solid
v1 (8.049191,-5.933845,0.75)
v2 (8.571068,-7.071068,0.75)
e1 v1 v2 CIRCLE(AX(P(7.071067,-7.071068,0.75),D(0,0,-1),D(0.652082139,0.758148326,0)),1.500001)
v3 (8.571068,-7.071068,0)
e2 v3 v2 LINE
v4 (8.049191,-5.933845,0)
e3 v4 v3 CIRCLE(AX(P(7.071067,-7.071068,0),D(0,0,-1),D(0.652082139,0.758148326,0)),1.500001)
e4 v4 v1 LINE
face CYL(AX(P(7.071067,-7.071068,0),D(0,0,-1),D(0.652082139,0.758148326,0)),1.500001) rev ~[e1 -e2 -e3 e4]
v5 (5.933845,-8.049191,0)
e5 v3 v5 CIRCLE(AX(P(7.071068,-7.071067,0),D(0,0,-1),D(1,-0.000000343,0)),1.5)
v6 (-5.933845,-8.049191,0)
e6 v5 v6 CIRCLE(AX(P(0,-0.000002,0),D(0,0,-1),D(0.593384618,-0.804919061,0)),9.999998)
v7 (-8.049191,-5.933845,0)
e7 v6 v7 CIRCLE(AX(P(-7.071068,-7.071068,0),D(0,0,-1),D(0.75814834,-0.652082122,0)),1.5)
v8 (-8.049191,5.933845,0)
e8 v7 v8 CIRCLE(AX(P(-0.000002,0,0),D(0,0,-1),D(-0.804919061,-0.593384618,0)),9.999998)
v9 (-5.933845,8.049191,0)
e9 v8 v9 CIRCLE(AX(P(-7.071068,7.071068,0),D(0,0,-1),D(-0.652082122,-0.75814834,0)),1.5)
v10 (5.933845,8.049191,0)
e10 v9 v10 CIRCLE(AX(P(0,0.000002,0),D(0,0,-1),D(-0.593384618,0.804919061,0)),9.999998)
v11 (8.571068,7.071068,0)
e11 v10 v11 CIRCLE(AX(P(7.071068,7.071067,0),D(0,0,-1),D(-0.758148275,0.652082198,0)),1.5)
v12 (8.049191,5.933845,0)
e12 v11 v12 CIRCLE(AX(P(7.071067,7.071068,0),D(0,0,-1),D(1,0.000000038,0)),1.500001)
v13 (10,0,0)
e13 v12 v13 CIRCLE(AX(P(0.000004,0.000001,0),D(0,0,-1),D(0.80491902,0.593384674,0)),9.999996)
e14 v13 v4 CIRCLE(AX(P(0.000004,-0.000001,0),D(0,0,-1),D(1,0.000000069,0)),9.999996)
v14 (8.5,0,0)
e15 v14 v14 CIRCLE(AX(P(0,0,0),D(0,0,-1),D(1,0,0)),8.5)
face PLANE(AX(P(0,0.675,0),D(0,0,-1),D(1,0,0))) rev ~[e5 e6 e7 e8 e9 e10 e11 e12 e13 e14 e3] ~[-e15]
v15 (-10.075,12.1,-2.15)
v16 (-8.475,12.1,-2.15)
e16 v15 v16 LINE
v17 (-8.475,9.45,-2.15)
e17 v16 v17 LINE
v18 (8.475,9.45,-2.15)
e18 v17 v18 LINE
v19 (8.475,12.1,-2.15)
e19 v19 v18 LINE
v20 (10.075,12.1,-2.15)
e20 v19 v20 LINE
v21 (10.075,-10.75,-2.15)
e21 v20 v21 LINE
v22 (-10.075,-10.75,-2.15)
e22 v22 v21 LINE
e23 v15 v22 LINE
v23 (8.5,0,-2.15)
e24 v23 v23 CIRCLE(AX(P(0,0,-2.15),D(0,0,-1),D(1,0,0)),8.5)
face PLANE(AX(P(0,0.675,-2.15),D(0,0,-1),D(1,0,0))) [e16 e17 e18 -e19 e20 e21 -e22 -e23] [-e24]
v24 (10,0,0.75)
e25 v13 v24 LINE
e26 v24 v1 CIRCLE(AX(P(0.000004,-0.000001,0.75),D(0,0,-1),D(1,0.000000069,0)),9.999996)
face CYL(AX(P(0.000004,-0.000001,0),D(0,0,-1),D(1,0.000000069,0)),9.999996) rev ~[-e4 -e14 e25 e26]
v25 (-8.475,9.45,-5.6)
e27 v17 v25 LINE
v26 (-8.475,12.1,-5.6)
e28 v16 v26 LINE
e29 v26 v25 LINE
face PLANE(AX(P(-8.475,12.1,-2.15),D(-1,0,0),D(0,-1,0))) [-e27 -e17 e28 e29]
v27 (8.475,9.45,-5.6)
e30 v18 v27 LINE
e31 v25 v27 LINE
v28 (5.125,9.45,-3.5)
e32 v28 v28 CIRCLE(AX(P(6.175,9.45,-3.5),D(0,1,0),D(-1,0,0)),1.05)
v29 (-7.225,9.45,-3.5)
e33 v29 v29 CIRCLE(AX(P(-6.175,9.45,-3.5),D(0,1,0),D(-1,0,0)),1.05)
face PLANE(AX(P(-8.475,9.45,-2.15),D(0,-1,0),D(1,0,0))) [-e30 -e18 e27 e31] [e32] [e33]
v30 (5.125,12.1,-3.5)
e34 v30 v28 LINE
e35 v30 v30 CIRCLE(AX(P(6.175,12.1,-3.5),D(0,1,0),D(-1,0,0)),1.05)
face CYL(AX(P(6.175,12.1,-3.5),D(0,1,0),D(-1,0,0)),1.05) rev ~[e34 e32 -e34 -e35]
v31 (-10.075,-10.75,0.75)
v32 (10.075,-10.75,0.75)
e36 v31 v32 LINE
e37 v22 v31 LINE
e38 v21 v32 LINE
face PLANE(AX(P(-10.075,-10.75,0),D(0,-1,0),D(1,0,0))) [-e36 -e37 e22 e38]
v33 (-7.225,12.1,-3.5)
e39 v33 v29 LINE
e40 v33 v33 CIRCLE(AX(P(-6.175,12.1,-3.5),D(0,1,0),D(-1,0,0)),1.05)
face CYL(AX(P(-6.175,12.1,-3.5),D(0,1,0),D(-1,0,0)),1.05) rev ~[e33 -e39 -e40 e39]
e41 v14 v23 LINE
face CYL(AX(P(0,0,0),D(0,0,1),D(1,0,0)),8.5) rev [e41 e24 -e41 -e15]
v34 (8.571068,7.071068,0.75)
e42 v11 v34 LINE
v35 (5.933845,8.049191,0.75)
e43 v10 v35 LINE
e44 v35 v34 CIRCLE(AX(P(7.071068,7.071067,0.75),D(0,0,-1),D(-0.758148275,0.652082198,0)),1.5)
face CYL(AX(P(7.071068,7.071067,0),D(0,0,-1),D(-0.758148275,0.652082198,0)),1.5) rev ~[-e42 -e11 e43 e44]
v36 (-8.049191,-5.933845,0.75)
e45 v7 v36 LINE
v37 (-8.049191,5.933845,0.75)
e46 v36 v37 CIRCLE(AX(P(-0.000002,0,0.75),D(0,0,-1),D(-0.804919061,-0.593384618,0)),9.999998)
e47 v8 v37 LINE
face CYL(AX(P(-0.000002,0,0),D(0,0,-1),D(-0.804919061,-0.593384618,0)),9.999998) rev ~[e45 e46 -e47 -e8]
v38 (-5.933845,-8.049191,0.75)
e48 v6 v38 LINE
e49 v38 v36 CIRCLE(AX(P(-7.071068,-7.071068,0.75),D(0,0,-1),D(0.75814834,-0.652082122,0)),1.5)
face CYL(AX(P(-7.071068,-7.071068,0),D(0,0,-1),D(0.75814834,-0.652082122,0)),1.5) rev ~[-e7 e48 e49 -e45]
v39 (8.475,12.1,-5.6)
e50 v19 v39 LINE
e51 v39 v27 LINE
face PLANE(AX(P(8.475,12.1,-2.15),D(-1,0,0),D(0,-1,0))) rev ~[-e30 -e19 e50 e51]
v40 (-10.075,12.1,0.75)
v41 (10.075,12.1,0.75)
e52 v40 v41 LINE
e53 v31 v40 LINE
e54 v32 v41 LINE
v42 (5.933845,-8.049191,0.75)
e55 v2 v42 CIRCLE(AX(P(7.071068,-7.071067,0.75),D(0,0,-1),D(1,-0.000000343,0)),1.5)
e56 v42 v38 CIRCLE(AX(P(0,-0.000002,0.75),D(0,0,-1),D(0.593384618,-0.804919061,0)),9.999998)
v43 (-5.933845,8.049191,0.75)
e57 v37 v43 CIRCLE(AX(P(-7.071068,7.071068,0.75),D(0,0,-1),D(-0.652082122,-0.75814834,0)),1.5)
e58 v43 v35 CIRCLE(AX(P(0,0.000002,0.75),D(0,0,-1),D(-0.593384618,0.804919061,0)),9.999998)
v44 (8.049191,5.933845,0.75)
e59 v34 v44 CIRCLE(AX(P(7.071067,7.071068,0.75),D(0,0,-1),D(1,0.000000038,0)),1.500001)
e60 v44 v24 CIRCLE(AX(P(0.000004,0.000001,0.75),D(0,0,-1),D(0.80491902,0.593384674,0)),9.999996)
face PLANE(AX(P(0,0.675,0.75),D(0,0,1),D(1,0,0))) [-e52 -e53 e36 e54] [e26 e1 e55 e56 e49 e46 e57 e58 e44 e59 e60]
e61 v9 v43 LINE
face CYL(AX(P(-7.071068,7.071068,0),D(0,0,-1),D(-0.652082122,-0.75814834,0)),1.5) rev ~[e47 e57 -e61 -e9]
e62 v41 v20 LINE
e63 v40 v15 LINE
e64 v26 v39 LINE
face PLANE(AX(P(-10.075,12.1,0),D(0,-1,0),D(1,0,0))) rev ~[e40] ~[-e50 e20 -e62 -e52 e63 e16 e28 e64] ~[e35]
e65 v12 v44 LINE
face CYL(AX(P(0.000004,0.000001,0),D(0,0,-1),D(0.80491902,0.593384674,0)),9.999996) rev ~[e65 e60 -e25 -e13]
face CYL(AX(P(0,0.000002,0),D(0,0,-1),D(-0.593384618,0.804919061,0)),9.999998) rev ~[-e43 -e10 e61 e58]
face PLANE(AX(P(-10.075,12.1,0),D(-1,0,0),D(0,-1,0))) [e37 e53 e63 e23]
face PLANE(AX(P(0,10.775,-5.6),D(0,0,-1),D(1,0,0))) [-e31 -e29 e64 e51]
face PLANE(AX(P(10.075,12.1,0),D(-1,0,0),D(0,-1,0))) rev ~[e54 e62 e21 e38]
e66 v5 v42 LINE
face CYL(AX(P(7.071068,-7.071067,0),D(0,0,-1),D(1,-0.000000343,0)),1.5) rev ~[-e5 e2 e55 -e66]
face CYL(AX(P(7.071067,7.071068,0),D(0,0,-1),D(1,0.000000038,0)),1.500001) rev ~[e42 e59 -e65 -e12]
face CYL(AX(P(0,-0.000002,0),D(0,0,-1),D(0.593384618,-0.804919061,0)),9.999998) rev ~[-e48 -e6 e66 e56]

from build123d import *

# Parameters (mm, degrees)
F0_W     = 20.15
F0_H     = 22.85
F1_DEPTH = 0.75
F2_W     = 20.15
F2_H     = 22.85
F2_R     = 8.5
F3_DEPTH = 2.15
F4_W     = 16.95
F4_H     = 2.65
F5_DEPTH = 3.45
F6_R     = 1.05
F7_DEPTH = 22.851


with BuildPart() as f1:
    # F0 (on Top) → F1 (new body)
    with BuildSketch(Plane.XY):
        with Locations((0, 0.675)):
            Rectangle(F0_W, F0_H)
        with BuildLine():
            ThreePointArc((8.049191, 5.933845), (9.499787, 3.123147), (10, 0))
            ThreePointArc((10, 0), (9.499787, -3.123147), (8.049191, -5.933845))
            ThreePointArc((8.049191, -5.933845), (8.43437, -6.445442), (8.571068, -7.071068))
            ThreePointArc((8.571068, -7.071068), (7.592684, -8.477452), (5.933845, -8.049191))
            ThreePointArc((5.933845, -8.049191), (0, -10), (-5.933845, -8.049191))
            ThreePointArc((-5.933845, -8.049191), (-8.131728, -8.131728), (-8.049191, -5.933845))
            ThreePointArc((-8.049191, -5.933845), (-10, 0), (-8.049191, 5.933845))
            ThreePointArc((-8.049191, 5.933845), (-8.131728, 8.131728), (-5.933845, 8.049191))
            ThreePointArc((-5.933845, 8.049191), (0, 10), (5.933845, 8.049191))
            ThreePointArc((5.933845, 8.049191), (7.592684, 8.477452), (8.571068, 7.071068))
            ThreePointArc((8.571068, 7.071068), (8.43437, 6.445442), (8.049191, 5.933845))
        make_face(mode=Mode.SUBTRACT)
    extrude(amount=F1_DEPTH)

    # F2 (on face) → F3 (join)
    with BuildSketch(Plane(origin=(0, 0, 0), x_dir=(1, 0, 0), z_dir=(0, 0, -1))):
        with Locations((0, -0.675)):
            Rectangle(F2_W, F2_H)
        Circle(F2_R, mode=Mode.SUBTRACT)
    extrude(amount=F3_DEPTH)

    # F4 (on face) → F5 (join)
    with BuildSketch(Plane(origin=(0, 0, -2.15), x_dir=(1, 0, 0), z_dir=(0, 0, -1))):
        with Locations((0, -10.775)):
            Rectangle(F4_W, F4_H)
    extrude(amount=F5_DEPTH)

    # F6 (on face) → F7 (cut, through all)
    with BuildSketch(Plane(origin=(0, 12.1, 0), x_dir=(-1, 0, 0), z_dir=(0, 1, 0))):
        with Locations((-6.175, -3.5)):
            Circle(F6_R)
        with Locations((6.175, -3.5)):
            Circle(F6_R)
    extrude(amount=-F7_DEPTH, mode=Mode.SUBTRACT)


solid = f1.part
